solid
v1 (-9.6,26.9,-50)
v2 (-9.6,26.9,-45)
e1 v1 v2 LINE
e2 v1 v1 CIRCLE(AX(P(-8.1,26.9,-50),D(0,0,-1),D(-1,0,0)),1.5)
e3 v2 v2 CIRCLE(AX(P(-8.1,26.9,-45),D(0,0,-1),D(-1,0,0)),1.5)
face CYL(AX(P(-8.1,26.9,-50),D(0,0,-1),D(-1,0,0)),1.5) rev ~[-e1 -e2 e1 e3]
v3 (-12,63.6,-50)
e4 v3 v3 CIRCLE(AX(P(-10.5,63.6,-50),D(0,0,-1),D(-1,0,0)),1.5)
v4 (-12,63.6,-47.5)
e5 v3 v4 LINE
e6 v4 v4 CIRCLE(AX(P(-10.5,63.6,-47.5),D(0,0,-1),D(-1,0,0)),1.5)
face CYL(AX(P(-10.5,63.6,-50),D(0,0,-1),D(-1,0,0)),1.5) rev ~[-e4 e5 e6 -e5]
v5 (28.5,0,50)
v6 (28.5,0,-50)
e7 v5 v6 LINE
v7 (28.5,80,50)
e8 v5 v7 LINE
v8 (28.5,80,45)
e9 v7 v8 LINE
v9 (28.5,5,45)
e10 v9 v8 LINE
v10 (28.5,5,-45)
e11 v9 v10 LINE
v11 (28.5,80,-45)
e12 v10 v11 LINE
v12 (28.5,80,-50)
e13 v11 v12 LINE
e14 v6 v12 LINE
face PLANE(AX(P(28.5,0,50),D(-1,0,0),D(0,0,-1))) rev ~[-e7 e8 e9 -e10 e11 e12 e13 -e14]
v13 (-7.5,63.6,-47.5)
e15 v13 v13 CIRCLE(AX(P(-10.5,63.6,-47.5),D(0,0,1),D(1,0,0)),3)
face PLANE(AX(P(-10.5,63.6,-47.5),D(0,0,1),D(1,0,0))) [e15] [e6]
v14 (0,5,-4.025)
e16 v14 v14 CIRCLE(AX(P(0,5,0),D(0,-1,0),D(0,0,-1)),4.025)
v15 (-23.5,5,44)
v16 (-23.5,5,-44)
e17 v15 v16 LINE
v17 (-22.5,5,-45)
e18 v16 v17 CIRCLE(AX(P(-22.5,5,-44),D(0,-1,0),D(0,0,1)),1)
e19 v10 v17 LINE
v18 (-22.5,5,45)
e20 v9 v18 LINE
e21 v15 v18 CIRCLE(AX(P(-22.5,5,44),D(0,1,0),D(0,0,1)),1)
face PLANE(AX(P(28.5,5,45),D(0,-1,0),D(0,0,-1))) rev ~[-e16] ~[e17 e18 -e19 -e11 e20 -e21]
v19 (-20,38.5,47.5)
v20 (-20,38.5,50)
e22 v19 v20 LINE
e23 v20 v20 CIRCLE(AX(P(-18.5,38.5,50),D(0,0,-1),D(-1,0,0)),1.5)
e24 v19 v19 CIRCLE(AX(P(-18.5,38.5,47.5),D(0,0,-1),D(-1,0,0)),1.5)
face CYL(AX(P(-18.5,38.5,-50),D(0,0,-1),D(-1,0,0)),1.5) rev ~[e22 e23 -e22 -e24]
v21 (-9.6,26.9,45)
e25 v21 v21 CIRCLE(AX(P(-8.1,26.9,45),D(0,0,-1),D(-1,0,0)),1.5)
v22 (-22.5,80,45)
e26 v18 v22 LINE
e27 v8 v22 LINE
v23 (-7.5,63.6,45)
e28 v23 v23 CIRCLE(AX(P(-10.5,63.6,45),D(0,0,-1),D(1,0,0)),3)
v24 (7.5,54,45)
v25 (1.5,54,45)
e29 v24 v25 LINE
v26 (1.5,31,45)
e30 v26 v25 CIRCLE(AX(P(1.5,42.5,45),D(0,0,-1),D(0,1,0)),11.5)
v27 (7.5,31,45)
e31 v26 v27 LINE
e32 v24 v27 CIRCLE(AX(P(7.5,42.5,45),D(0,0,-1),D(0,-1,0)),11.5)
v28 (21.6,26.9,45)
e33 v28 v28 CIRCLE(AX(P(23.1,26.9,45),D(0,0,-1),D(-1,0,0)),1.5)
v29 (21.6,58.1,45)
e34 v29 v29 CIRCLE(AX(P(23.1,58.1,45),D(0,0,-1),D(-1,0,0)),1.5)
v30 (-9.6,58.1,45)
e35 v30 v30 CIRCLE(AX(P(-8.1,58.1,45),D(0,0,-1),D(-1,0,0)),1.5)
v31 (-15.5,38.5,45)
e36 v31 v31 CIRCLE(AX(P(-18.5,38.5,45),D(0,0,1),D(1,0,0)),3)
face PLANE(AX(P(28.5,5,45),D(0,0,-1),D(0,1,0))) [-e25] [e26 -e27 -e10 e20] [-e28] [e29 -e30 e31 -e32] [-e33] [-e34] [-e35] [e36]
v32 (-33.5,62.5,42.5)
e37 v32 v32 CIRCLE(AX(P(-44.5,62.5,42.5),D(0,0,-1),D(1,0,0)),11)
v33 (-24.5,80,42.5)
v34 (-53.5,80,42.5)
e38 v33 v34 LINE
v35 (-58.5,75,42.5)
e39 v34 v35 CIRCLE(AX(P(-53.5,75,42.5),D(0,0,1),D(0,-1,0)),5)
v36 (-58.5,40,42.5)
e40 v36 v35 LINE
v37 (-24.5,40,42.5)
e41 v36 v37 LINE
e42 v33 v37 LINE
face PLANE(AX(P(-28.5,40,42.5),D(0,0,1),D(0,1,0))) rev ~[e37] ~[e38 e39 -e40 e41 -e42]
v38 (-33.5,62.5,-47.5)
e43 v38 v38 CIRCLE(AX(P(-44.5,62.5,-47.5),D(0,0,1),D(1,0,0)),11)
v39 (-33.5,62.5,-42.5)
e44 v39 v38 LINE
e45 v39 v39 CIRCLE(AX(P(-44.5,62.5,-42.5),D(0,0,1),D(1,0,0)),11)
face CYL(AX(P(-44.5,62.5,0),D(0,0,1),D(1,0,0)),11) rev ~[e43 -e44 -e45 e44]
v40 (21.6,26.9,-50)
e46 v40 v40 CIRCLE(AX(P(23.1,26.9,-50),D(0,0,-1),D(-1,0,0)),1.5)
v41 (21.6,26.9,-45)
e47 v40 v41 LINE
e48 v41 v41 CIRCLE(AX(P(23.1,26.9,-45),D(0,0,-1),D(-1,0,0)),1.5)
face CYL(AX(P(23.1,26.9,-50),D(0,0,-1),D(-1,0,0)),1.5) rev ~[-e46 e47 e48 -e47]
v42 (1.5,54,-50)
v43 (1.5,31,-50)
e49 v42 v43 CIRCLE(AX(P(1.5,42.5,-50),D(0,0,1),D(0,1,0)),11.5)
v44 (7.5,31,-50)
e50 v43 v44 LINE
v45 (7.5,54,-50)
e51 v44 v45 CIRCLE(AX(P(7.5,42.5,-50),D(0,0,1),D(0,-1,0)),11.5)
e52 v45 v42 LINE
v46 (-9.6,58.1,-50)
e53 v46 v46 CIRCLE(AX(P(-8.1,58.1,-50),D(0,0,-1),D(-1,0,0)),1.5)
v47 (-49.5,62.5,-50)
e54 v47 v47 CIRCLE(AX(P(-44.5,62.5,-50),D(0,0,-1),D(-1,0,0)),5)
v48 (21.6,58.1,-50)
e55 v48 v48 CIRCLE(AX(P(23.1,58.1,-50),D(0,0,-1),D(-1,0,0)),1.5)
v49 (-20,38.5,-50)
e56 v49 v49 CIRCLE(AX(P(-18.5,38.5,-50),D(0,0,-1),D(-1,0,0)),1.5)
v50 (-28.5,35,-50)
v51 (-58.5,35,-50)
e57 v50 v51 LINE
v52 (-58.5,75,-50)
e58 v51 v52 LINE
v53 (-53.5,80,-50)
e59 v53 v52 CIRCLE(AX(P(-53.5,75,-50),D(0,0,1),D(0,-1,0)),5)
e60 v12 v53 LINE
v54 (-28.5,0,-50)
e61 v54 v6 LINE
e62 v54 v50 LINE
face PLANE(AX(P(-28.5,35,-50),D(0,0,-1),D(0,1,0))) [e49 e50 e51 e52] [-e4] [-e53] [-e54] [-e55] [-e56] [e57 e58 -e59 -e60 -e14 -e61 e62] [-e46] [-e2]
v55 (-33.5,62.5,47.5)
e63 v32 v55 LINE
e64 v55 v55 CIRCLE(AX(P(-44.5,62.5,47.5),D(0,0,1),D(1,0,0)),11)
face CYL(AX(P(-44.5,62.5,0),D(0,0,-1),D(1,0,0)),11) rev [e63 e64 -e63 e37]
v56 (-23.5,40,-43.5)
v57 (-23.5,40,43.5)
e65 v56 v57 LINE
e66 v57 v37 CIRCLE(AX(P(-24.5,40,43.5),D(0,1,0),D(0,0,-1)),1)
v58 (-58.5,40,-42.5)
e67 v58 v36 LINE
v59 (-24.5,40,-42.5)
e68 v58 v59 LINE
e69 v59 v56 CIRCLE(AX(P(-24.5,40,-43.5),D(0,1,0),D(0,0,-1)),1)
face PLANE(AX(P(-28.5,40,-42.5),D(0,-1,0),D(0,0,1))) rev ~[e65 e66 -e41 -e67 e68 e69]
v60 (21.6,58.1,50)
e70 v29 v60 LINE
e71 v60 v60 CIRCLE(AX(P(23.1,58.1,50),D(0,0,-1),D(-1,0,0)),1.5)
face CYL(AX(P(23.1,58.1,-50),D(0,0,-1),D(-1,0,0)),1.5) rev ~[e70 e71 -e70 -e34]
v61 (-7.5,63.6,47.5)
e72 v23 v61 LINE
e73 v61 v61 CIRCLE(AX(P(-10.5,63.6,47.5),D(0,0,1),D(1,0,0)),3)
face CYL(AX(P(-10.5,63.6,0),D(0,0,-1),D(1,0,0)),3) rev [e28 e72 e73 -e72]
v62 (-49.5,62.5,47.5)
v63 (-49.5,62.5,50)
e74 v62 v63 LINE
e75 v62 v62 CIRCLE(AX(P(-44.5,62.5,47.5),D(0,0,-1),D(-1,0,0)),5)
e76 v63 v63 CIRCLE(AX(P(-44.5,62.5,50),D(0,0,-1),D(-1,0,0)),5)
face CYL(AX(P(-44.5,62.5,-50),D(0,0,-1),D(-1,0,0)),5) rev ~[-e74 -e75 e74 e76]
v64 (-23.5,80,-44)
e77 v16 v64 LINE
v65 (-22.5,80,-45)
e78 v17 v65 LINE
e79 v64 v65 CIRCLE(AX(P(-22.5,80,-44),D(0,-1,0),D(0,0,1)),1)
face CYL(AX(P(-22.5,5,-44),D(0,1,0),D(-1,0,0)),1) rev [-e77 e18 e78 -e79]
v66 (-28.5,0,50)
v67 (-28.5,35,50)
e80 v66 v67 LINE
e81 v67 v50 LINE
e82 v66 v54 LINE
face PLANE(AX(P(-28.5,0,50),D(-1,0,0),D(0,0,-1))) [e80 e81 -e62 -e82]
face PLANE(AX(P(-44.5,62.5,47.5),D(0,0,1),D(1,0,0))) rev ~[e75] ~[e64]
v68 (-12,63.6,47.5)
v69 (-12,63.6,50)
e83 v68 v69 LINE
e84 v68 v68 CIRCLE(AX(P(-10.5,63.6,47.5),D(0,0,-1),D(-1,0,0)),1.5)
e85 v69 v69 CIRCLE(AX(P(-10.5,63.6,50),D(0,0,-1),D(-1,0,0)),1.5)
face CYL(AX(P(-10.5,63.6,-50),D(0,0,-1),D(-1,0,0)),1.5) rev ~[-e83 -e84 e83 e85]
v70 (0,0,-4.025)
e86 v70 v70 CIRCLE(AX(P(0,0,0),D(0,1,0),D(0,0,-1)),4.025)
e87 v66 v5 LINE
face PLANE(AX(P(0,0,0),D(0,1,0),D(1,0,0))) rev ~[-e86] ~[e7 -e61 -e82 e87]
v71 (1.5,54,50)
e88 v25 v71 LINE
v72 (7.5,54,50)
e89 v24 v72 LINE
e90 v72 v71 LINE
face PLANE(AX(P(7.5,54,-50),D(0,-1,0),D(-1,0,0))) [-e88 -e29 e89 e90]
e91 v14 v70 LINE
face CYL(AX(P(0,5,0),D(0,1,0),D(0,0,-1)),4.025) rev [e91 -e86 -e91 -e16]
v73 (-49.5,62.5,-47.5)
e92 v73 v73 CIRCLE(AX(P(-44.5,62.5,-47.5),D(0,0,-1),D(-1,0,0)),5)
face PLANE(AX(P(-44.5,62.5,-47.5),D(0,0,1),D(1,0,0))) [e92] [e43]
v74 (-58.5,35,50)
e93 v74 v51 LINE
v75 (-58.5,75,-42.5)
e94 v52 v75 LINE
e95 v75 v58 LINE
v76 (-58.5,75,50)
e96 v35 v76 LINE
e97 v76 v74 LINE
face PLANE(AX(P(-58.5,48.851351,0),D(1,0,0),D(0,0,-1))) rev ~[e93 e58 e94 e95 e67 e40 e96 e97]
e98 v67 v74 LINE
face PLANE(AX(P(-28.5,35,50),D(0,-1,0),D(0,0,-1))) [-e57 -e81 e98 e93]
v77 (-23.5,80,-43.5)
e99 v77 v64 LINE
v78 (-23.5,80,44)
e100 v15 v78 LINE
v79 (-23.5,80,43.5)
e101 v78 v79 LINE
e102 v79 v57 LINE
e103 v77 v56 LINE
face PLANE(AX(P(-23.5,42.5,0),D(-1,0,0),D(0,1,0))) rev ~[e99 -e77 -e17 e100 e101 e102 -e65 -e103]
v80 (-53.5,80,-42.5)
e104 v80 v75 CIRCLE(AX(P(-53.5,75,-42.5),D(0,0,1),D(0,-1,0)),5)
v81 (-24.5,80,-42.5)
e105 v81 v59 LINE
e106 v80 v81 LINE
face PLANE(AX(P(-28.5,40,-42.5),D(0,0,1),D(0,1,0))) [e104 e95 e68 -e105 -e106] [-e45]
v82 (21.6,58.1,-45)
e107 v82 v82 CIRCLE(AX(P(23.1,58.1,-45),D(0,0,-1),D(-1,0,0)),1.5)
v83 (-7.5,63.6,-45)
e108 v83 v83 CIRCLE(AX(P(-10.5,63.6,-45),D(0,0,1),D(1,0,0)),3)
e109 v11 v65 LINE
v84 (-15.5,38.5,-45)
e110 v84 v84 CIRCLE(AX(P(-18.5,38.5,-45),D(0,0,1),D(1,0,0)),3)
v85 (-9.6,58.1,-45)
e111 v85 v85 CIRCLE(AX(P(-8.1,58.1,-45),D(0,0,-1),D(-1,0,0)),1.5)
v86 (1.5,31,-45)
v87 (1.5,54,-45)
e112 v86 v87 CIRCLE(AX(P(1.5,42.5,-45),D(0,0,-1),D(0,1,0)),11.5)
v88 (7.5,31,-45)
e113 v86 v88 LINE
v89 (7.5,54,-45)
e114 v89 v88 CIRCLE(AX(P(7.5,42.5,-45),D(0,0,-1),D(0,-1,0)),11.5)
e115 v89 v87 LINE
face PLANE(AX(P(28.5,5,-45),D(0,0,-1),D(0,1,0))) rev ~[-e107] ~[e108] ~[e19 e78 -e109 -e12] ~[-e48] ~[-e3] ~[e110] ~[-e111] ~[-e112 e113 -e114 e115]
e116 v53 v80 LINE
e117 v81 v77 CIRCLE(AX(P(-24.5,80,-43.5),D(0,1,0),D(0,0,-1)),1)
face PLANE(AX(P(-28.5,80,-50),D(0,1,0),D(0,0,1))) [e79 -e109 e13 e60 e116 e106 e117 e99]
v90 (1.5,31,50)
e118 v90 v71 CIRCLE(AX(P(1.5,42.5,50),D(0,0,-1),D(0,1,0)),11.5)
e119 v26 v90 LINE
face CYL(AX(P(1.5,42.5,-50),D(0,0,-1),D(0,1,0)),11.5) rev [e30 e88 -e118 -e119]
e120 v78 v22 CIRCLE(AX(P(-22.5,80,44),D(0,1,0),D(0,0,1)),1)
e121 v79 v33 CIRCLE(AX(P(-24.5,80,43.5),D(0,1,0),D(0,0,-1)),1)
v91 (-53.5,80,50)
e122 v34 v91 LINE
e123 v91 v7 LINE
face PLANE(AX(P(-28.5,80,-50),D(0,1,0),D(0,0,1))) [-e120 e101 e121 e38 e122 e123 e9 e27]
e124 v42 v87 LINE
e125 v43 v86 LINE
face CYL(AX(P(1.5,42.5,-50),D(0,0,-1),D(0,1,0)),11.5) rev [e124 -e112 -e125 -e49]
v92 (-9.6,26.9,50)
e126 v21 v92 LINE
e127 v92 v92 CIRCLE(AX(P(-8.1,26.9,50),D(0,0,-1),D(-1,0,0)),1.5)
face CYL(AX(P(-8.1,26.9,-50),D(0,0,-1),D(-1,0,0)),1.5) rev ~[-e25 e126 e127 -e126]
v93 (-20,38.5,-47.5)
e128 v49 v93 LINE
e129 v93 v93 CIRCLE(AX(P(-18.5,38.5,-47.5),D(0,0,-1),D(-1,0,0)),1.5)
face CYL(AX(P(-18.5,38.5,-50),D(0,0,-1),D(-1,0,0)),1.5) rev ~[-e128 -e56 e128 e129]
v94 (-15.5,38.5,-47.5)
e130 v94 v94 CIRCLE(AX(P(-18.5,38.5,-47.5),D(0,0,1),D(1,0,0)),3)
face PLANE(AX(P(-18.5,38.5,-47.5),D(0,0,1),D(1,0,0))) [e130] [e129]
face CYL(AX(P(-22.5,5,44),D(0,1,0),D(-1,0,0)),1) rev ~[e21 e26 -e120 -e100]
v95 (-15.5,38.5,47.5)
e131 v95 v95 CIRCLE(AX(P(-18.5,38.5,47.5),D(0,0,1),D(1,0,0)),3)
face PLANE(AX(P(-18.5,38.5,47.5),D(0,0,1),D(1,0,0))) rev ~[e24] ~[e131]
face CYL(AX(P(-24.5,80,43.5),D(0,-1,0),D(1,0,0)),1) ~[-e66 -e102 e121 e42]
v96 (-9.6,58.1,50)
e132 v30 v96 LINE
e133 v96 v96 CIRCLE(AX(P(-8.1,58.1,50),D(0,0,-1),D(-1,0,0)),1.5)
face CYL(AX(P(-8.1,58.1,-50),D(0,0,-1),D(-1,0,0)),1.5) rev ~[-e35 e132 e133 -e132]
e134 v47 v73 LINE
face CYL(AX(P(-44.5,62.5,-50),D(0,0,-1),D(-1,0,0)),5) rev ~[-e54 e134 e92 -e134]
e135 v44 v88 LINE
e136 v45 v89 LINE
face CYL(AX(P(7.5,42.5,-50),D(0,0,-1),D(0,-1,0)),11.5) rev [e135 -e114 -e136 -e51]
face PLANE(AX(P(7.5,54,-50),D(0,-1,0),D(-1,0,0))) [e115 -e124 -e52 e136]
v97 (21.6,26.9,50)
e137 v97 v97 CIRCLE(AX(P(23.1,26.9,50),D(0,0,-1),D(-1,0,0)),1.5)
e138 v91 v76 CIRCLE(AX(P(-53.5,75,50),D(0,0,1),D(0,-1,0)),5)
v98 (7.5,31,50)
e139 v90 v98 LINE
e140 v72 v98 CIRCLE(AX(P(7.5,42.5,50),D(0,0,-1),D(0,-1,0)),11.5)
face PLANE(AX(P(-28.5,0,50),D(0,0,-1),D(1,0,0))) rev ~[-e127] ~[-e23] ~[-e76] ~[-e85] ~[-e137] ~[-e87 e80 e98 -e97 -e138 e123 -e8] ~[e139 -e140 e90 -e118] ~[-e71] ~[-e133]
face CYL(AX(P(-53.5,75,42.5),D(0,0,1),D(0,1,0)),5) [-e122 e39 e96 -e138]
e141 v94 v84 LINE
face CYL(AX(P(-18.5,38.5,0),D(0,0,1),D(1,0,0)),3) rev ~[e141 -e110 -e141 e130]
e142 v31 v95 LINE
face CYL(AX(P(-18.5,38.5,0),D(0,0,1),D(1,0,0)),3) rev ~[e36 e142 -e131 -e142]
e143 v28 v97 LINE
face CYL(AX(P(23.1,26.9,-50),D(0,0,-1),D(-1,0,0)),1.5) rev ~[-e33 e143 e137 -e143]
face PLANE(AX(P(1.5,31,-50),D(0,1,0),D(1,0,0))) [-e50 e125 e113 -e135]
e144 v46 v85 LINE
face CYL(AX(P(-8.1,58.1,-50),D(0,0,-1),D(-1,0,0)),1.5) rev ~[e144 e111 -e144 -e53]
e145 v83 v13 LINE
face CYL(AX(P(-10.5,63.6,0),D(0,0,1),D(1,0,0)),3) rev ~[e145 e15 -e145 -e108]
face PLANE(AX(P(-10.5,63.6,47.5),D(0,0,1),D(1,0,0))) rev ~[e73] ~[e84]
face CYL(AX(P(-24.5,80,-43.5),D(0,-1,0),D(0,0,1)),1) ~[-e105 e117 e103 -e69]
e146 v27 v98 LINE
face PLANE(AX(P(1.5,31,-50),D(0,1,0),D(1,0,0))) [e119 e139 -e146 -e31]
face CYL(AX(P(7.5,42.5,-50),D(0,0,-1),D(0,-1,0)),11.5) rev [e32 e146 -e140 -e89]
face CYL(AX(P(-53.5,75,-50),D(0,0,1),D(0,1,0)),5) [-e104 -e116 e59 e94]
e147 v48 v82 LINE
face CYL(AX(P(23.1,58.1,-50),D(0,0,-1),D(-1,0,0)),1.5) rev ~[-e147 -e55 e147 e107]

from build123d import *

# Parameters (mm, degrees)
SKETCH1_W           = 57
SKETCH1_H           = 100
BOSS_EXTRUDE1_DEPTH = 80
SKETCH3_W           = 75
SKETCH3_H           = 90
CUT_EXTRUDE1_DEPTH  = 52
SKETCH4_R           = 4.025
CUT_EXTRUDE2_DEPTH  = 114.213294272
BOSS_EXTRUDE2_DEPTH = 30
CUT_EXTRUDE5_REACH  = 112.223
SKETCH8_W           = 85
SKETCH8_H           = 40
SKETCH5_R           = 5
SKETCH5_R_2         = 1.5
CUT_EXTRUDE3_DEPTH  = 141.791512528
SKETCH9_R           = 11
SKETCH9_R_2         = 3
CUT_EXTRUDE6_DEPTH  = 47.5
FILLET1_R           = 1
FILLET2_R           = 5


with BuildPart() as part:
    # Sketch1 → Boss-Extrude1 (new body)
    with BuildSketch(Plane(origin=(0, 0, 0), x_dir=(1, 0, 0), z_dir=(0, 1, 0))):
        Rectangle(SKETCH1_W, SKETCH1_H)
    extrude(amount=BOSS_EXTRUDE1_DEPTH)

    # Sketch3 → Cut-Extrude1 (cut)
    with BuildSketch(Plane(origin=(28.5, 40, 0), x_dir=(0, 1, 0), z_dir=(-1, 0, 0))):
        with Locations((2.5, 0)):
            Rectangle(SKETCH3_W, SKETCH3_H)
    extrude(amount=CUT_EXTRUDE1_DEPTH, mode=Mode.SUBTRACT)

    # Sketch4 → Cut-Extrude2 (cut, through all)
    with BuildSketch(Plane(origin=(-40, 5, 0), x_dir=(-1, 0, 0), z_dir=(0, -1, 0))):
        with Locations(Location((-40, 0, 0), (0, 0, 90))):
            Circle(SKETCH4_R)
    extrude(amount=CUT_EXTRUDE2_DEPTH, mode=Mode.SUBTRACT)

    # Sketch7 → Boss-Extrude2 (add)
    with BuildSketch(Plane.ZY.offset(28.5)):
        Polygon((-50, 80), (-42.5, 80), (-42.5, 40), (42.5, 40), (42.5, 80), (50, 80), (50, 35), (-50, 35), align=None)
    extrude(amount=BOSS_EXTRUDE2_DEPTH)

    # Sketch8 → Cut-Extrude5 (cut, up to next)
    with BuildSketch(Plane.ZY.offset(28.5), mode=Mode.PRIVATE) as cut_extrude5_sk1:
        with Locations((0, 60)):
            Rectangle(SKETCH8_W, SKETCH8_H)
    cut_extrude5_tool1 = extrude(cut_extrude5_sk1.sketch, amount=-CUT_EXTRUDE5_REACH, mode=Mode.PRIVATE) & part.part
    add(cut_extrude5_tool1.solids().sort_by_distance((-28.5, 60, 0))[0], mode=Mode.SUBTRACT)

    # Sketch5 → Cut-Extrude3 (cut, through all)
    with BuildSketch(Plane(origin=(0, 0, -50), x_dir=(-1, 0, 0), z_dir=(0, 0, -1))):
        with Locations((44.5, 62.5)):
            Circle(SKETCH5_R)
        with Locations((-23.1, 58.1)):
            Circle(SKETCH5_R_2)
        with Locations((8.1, 58.1)):
            Circle(SKETCH5_R_2)
        with Locations((8.1, 26.9)):
            Circle(SKETCH5_R_2)
        with Locations((-23.1, 26.9)):
            Circle(SKETCH5_R_2)
        with Locations((10.5, 63.6)):
            Circle(SKETCH5_R_2)
        with Locations((18.5, 38.5)):
            Circle(SKETCH5_R_2)
        with BuildLine():
            Line((-1.5, 31), (-7.5, 31))
            ThreePointArc((-7.5, 31), (-19, 42.5), (-7.5, 54))
            Line((-7.5, 54), (-1.5, 54))
            ThreePointArc((-1.5, 54), (10, 42.5), (-1.5, 31))
        make_face()
    extrude(amount=-CUT_EXTRUDE3_DEPTH, mode=Mode.SUBTRACT)

    # Sketch9 → Cut-Extrude6 (cut, symmetric)
    with BuildSketch(Plane.XY):
        with Locations((-44.5, 62.5)):
            Circle(SKETCH9_R)
        with Locations((-10.5, 63.6)):
            Circle(SKETCH9_R_2)
        with Locations((-18.5, 38.5)):
            Circle(SKETCH9_R_2)
    extrude(amount=CUT_EXTRUDE6_DEPTH, both=True, mode=Mode.SUBTRACT)

    # Fillet1
    fillet1_edges = [part.edges().sort_by_distance(p)[0] for p in [
        (-23.5, 42.5, 45),
        (-23.5, 42.5, -45),
        (-23.5, 60, 42.5),
        (-23.5, 60, -42.5),
    ]]
    fillet(fillet1_edges, radius=FILLET1_R)

    # Fillet2
    fillet2_edges = [part.edges().sort_by_distance(p)[0] for p in [
        (-58.5, 80, 46.25),
        (-58.5, 80, -46.25),
    ]]
    fillet(fillet2_edges, radius=FILLET2_R)


solid = part.part
